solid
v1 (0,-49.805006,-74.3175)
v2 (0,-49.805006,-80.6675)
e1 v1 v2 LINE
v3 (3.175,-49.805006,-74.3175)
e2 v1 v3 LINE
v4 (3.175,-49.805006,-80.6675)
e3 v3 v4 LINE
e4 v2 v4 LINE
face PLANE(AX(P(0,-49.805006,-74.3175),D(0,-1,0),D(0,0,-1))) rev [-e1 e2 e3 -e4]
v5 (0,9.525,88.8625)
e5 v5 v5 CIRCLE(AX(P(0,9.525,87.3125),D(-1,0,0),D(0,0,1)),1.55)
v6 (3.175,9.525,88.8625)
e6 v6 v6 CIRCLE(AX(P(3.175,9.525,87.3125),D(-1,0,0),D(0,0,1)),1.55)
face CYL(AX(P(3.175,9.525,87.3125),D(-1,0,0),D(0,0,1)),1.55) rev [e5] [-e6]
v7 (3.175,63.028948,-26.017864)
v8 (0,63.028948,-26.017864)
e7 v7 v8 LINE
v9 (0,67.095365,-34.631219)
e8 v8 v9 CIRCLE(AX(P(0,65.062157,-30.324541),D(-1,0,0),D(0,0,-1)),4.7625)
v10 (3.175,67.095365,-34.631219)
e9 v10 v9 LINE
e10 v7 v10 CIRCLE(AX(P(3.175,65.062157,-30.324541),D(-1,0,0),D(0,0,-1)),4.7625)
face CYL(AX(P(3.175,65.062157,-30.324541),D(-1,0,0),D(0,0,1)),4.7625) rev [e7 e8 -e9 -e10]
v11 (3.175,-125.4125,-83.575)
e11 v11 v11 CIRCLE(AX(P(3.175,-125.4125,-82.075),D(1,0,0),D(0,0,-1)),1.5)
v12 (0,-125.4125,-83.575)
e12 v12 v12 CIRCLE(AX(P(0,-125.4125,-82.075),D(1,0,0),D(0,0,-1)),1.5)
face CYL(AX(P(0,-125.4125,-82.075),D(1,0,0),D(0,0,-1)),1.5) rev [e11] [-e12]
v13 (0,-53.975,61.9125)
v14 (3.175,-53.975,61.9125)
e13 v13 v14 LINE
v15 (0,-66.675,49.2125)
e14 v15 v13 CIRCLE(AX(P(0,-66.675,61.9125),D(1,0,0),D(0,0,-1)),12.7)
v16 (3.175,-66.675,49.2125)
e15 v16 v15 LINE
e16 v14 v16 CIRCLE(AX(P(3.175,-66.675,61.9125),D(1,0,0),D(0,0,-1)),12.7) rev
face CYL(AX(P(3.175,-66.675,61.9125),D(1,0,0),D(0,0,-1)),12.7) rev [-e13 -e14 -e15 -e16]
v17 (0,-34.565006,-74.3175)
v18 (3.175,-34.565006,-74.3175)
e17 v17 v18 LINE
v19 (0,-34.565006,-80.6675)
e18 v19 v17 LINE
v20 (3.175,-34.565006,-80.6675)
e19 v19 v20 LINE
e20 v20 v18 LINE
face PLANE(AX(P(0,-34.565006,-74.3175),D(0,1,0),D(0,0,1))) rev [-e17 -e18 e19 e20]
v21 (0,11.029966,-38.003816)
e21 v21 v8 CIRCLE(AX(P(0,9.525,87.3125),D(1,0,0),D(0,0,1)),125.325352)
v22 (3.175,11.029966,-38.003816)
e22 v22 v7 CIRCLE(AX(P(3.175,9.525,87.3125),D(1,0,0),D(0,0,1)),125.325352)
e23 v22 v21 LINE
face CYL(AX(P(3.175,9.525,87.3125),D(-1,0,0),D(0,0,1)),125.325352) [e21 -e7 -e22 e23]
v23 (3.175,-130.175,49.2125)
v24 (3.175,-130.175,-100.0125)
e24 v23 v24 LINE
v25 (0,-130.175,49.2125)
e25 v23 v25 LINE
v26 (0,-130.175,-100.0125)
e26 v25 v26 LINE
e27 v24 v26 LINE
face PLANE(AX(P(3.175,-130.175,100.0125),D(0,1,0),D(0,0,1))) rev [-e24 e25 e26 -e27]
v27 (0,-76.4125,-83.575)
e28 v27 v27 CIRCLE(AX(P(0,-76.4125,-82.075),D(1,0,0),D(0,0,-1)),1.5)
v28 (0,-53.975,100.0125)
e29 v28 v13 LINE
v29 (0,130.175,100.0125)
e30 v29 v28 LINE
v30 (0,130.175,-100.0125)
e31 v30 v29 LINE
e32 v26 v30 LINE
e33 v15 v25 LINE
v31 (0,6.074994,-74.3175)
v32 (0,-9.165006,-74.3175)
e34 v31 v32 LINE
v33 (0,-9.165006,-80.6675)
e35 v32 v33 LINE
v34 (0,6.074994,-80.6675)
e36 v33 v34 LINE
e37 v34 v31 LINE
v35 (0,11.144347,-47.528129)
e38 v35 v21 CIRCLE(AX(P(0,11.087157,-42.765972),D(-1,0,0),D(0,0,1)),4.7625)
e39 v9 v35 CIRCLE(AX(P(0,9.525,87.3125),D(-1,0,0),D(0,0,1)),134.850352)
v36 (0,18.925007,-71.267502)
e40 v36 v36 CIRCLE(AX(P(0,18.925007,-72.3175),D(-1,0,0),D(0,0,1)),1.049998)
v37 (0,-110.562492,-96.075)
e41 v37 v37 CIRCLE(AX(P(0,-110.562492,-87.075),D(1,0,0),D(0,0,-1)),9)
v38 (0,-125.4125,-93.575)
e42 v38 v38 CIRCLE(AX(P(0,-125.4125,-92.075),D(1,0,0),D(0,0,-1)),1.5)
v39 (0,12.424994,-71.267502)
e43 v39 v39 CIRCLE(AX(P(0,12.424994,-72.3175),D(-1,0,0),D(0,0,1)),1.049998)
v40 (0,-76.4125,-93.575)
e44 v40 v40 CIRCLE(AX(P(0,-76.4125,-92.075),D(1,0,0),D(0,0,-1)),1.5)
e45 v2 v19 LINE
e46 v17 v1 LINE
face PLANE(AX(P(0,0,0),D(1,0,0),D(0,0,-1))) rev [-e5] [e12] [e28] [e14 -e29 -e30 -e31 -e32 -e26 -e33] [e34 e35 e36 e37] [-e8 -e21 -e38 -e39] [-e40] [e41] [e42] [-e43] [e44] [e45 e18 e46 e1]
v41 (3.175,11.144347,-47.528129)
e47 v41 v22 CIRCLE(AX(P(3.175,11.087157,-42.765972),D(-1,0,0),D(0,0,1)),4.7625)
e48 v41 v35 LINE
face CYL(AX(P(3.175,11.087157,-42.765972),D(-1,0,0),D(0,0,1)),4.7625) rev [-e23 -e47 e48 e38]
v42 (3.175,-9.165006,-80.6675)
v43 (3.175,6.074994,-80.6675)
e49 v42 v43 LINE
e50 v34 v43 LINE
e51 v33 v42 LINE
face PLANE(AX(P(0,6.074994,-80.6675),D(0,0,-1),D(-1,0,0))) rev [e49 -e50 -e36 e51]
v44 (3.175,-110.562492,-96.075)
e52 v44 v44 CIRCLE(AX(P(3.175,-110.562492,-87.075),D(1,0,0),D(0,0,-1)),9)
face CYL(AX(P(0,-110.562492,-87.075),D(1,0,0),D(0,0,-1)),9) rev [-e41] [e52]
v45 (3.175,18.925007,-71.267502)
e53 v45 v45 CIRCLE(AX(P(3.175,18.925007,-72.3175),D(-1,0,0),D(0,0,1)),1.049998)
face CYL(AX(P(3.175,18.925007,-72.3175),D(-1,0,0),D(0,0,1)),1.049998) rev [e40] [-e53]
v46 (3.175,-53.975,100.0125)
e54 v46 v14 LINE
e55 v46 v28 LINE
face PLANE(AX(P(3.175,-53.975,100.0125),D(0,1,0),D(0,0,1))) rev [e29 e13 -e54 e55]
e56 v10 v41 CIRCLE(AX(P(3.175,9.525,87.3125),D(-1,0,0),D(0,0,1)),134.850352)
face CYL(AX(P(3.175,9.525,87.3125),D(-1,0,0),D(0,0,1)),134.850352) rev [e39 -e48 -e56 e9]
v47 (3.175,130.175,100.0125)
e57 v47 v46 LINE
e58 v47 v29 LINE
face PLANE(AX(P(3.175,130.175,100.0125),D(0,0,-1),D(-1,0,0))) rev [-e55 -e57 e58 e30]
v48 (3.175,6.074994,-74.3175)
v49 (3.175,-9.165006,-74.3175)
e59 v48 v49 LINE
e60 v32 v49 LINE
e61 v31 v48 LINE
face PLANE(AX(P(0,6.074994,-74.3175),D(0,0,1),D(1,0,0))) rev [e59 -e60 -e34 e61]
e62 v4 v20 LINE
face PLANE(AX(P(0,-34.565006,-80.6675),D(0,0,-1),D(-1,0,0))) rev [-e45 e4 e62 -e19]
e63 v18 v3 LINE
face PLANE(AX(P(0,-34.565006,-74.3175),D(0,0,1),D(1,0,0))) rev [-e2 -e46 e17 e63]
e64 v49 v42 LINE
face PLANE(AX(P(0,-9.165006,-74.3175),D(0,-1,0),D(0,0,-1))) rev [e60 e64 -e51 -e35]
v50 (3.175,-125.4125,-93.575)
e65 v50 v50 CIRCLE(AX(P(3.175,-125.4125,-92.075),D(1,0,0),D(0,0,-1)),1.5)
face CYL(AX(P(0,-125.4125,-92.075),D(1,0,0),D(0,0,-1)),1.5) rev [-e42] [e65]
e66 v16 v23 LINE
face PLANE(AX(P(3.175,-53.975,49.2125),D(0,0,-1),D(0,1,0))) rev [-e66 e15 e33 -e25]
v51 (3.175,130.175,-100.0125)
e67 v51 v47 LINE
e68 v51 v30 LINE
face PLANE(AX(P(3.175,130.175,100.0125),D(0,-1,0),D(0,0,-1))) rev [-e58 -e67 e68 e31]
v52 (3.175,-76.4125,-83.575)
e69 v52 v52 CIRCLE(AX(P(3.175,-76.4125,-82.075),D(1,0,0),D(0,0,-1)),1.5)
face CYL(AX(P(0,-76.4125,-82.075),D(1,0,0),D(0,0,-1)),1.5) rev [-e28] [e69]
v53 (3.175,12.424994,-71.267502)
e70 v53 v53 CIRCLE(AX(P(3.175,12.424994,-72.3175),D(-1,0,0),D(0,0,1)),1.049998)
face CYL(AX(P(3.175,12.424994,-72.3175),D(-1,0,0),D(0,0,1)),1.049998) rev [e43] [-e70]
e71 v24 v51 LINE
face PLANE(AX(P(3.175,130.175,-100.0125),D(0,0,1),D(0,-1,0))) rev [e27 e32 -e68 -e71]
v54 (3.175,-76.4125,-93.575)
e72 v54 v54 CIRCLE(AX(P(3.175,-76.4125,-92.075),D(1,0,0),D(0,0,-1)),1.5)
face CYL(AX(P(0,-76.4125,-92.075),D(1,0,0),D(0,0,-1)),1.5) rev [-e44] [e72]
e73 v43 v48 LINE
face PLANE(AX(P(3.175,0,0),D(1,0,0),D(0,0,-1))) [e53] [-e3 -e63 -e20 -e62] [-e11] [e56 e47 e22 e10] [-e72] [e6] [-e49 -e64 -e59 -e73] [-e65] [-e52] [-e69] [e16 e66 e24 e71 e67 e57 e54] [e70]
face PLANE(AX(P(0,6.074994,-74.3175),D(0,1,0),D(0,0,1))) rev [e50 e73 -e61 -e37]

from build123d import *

# Parameters (mm, degrees)
SKETCH1_W           = 200.025
SKETCH1_H           = 260.35
BOSS_EXTRUDE1_DEPTH = 3.175
SKETCH8_R           = 1.55
SKETCH8_R_2         = 1.0499979
CUT_EXTRUDE7_DEPTH  = 4.175
SKETCH9_W           = 50.8
SKETCH9_H           = 76.2
CUT_EXTRUDE8_DEPTH  = 4.175
FILLET1_R           = 12.7
CUT_EXTRUDE9_DEPTH  = 4.175
SKETCH15_W          = 6.35
SKETCH15_H          = 15.24
CUT_EXTRUDE12_DEPTH = 4.175
SKETCH16_R          = 1.5
SKETCH16_R_2        = 9
CUT_EXTRUDE13_DEPTH = 4.175


with BuildPart() as part:
    # Sketch1 → Boss-Extrude1 (new body)
    with BuildSketch(Plane(origin=(0, 0, 0), x_dir=(0, 0, -1), z_dir=(1, 0, 0))):
        Rectangle(SKETCH1_W, SKETCH1_H)
    extrude(amount=BOSS_EXTRUDE1_DEPTH)

    # Sketch8 → Cut-Extrude7 (cut, through all)
    with BuildSketch(Plane.ZY):
        with Locations((87.3125, 9.525)):
            Circle(SKETCH8_R)
        with Locations((-72.3175, 18.9250066)):
            Circle(SKETCH8_R_2)
        with Locations((-72.3175, 12.4249942)):
            Circle(SKETCH8_R_2)
    extrude(amount=-CUT_EXTRUDE7_DEPTH, mode=Mode.SUBTRACT)

    # Sketch9 → Cut-Extrude8 (cut, through all)
    with BuildSketch(Plane.ZY):
        with Locations((74.6125, -92.075)):
            Rectangle(SKETCH9_W, SKETCH9_H)
    extrude(amount=-CUT_EXTRUDE8_DEPTH, mode=Mode.SUBTRACT)

    # Fillet1
    fillet1_edges = [part.edges().sort_by_distance(p)[0] for p in [
        (1.5875, -53.975, 49.2125),
    ]]
    fillet(fillet1_edges, radius=FILLET1_R)

    # Sketch10 → Cut-Extrude9 (cut, through all)
    with BuildSketch(Plane.ZY):
        with BuildLine():
            ThreePointArc((-34.631218673, 67.095364965), (-44.09213985, 39.8142402), (-47.528128749, 11.144346963))
            ThreePointArc((-47.528128749, 11.144346963), (-42.823162504, 6.325000001), (-38.003815542, 11.029966247))
            ThreePointArc((-38.003815542, 11.029966247), (-34.810523806, 37.674794334), (-26.017864022, 63.028948034))
            ThreePointArc((-26.017864022, 63.028948034), (-28.291332832, 69.36883393), (-34.631218673, 67.095364965))
        make_face()
    extrude(amount=-CUT_EXTRUDE9_DEPTH, mode=Mode.SUBTRACT)

    # Sketch15 → Cut-Extrude12 (cut, through all)
    with BuildSketch(Plane(origin=(3.175, 0, 0), x_dir=(0, 0, -1), z_dir=(1, 0, 0))):
        with Locations((77.4925, -1.5450058)):
            Rectangle(SKETCH15_W, SKETCH15_H)
        with Locations((77.4925, -42.1850058)):
            Rectangle(SKETCH15_W, SKETCH15_H)
    extrude(amount=-CUT_EXTRUDE12_DEPTH, mode=Mode.SUBTRACT)

    # Sketch16 → Cut-Extrude13 (cut, through all)
    with BuildSketch(Plane(origin=(3.175, 0, 0), x_dir=(0, 0, -1), z_dir=(1, 0, 0))):
        with Locations((82.075, -125.4125)):
            Circle(SKETCH16_R)
        with Locations((82.075, -76.4125)):
            Circle(SKETCH16_R)
        with Locations((92.075, -125.4125)):
            Circle(SKETCH16_R)
        with Locations((92.075, -76.4125)):
            Circle(SKETCH16_R)
        with Locations((87.075, -110.5624916)):
            Circle(SKETCH16_R_2)
    extrude(amount=-CUT_EXTRUDE13_DEPTH, mode=Mode.SUBTRACT)


solid = part.part
